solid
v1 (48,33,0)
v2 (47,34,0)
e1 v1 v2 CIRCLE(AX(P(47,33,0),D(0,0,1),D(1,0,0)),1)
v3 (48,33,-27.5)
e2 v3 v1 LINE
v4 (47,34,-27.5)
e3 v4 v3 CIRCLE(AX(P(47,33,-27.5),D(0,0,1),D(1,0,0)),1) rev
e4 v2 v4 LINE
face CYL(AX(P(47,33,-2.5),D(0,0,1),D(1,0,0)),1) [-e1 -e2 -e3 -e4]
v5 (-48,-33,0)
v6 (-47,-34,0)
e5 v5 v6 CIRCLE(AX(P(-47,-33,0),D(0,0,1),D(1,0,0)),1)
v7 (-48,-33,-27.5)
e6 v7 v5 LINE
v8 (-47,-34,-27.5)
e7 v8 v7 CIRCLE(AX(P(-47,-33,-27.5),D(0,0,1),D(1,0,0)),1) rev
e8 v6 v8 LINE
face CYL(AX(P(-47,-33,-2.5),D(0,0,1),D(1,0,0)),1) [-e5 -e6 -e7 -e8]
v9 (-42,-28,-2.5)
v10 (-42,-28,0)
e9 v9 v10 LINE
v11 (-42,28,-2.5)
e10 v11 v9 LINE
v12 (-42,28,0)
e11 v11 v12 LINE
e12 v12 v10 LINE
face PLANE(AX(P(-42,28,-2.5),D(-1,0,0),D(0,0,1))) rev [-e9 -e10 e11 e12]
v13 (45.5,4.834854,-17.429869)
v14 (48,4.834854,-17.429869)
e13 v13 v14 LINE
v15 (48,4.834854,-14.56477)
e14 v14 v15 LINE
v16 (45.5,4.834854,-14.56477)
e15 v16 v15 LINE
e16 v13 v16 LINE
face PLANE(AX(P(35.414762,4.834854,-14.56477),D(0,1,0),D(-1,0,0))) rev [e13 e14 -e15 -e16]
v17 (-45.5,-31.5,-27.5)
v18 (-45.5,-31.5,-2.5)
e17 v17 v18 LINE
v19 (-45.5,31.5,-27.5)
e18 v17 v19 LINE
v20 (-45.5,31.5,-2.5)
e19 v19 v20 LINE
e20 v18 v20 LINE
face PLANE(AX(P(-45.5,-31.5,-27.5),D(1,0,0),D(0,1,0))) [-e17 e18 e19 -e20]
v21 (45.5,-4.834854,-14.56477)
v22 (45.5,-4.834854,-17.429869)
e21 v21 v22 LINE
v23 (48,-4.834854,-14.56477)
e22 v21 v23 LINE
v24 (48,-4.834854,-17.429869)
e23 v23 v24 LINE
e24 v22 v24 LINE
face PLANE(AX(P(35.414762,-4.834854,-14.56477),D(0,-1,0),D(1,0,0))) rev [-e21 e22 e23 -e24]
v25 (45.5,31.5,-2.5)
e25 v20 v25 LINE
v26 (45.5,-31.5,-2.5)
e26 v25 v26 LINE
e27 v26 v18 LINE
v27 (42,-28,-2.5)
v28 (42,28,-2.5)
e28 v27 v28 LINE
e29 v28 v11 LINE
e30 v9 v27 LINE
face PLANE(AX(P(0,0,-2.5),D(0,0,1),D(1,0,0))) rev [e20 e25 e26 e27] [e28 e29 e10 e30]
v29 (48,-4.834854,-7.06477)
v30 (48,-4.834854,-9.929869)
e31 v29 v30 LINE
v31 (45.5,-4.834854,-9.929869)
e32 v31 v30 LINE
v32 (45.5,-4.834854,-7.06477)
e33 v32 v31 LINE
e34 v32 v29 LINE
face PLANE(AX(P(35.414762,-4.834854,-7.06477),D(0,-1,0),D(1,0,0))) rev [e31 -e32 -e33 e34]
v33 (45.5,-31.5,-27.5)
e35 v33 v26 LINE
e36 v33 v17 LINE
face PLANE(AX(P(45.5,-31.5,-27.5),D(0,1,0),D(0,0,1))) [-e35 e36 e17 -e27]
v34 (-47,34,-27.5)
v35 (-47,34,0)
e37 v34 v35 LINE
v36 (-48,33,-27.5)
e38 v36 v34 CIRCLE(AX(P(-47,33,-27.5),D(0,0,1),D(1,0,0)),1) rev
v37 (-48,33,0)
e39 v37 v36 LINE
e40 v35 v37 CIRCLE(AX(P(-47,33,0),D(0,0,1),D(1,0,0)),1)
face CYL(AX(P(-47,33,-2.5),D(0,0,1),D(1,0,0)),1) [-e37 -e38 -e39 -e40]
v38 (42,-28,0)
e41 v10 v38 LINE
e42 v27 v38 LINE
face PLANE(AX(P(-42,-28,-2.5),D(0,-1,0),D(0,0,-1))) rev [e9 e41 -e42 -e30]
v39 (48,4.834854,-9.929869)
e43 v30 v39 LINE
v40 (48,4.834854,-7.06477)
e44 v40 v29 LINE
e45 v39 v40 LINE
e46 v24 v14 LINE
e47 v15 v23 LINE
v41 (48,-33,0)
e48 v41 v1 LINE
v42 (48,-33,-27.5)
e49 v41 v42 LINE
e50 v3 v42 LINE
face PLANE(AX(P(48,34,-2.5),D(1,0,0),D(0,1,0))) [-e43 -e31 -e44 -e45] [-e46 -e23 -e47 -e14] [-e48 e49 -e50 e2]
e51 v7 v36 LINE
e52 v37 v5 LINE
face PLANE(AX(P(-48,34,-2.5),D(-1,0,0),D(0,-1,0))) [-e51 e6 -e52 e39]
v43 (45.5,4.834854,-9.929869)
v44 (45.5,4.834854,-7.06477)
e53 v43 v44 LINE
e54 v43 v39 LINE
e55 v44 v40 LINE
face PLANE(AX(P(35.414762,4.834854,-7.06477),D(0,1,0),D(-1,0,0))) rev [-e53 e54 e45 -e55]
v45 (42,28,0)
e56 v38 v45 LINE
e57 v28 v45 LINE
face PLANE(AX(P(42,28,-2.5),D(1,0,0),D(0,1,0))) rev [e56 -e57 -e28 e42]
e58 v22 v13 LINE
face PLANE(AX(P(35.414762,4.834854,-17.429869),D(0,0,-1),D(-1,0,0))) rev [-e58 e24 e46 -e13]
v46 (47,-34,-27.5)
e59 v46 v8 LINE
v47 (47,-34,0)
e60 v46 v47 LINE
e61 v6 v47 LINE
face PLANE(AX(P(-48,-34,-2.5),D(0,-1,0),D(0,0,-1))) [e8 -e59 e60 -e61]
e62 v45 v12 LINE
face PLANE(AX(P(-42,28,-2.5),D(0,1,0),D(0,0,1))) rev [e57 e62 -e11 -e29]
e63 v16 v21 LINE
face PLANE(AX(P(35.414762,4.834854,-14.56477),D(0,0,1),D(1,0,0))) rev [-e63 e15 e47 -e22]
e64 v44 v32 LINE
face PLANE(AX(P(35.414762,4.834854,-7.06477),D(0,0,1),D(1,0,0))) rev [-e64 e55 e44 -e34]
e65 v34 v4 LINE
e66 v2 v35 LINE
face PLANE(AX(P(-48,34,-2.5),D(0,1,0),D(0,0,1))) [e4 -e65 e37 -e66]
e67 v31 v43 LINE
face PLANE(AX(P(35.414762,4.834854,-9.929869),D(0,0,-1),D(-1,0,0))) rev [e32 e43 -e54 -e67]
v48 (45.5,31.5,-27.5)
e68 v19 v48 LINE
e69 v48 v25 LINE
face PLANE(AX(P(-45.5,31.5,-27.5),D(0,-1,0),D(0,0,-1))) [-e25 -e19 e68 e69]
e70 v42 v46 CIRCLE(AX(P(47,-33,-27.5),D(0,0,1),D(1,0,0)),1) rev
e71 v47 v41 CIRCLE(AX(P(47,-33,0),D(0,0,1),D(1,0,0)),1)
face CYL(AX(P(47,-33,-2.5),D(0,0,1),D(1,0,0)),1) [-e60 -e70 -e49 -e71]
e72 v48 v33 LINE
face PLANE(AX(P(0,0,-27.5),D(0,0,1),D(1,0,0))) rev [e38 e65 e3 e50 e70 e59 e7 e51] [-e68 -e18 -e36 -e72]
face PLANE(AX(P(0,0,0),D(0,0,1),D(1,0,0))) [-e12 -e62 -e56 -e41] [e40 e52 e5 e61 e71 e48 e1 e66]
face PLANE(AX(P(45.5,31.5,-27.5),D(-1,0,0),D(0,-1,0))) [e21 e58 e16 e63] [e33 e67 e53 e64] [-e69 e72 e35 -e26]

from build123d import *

# Parameters (mm, degrees)
SKETCH1_W           = 96
SKETCH1_H           = 68
SKETCH1_W_2         = 84
SKETCH1_H_2         = 56
BOSS_EXTRUDE1_DEPTH = 2.5
SKETCH2_W           = 96
SKETCH2_H           = 68
SKETCH2_W_2         = 91
SKETCH2_H_2         = 63
BOSS_EXTRUDE2_DEPTH = 25
FILLET1_R           = 1
SKETCH3_W           = 2.865098433
SKETCH3_H           = 9.669707212
CUT_EXTRUDE1_DEPTH  = 2.5


with BuildPart() as part:
    # Sketch1 → Boss-Extrude1 (new body)
    with BuildSketch(Plane.XY):
        Rectangle(SKETCH1_W, SKETCH1_H)
        Rectangle(SKETCH1_W_2, SKETCH1_H_2, mode=Mode.SUBTRACT)
    extrude(amount=-BOSS_EXTRUDE1_DEPTH)

    # Sketch2 → Boss-Extrude2 (add)
    with BuildSketch(Plane(origin=(0, 0, -2.5), x_dir=(-1, 0, 0), z_dir=(0, 0, -1))):
        Rectangle(SKETCH2_W, SKETCH2_H)
        Rectangle(SKETCH2_W_2, SKETCH2_H_2, mode=Mode.SUBTRACT)
    extrude(amount=BOSS_EXTRUDE2_DEPTH)

    # Fillet1
    fillet1_edges = [part.edges().sort_by_distance(p)[0] for p in [
        (-48, 34, -13.75),
        (48, 34, -13.75),
        (48, -34, -13.75),
        (-48, -34, -13.75),
    ]]
    fillet(fillet1_edges, radius=FILLET1_R)

    # Sketch3 → Cut-Extrude1 (cut)
    with BuildSketch(Plane(origin=(48, 0, 0), x_dir=(0, 0, -1), z_dir=(1, 0, 0))):
        with Locations((15.997319539, 0)):
            Rectangle(SKETCH3_W, SKETCH3_H)
        with Locations((8.497319539, 0)):
            Rectangle(SKETCH3_W, SKETCH3_H)
    extrude(amount=-CUT_EXTRUDE1_DEPTH, mode=Mode.SUBTRACT)


solid = part.part
